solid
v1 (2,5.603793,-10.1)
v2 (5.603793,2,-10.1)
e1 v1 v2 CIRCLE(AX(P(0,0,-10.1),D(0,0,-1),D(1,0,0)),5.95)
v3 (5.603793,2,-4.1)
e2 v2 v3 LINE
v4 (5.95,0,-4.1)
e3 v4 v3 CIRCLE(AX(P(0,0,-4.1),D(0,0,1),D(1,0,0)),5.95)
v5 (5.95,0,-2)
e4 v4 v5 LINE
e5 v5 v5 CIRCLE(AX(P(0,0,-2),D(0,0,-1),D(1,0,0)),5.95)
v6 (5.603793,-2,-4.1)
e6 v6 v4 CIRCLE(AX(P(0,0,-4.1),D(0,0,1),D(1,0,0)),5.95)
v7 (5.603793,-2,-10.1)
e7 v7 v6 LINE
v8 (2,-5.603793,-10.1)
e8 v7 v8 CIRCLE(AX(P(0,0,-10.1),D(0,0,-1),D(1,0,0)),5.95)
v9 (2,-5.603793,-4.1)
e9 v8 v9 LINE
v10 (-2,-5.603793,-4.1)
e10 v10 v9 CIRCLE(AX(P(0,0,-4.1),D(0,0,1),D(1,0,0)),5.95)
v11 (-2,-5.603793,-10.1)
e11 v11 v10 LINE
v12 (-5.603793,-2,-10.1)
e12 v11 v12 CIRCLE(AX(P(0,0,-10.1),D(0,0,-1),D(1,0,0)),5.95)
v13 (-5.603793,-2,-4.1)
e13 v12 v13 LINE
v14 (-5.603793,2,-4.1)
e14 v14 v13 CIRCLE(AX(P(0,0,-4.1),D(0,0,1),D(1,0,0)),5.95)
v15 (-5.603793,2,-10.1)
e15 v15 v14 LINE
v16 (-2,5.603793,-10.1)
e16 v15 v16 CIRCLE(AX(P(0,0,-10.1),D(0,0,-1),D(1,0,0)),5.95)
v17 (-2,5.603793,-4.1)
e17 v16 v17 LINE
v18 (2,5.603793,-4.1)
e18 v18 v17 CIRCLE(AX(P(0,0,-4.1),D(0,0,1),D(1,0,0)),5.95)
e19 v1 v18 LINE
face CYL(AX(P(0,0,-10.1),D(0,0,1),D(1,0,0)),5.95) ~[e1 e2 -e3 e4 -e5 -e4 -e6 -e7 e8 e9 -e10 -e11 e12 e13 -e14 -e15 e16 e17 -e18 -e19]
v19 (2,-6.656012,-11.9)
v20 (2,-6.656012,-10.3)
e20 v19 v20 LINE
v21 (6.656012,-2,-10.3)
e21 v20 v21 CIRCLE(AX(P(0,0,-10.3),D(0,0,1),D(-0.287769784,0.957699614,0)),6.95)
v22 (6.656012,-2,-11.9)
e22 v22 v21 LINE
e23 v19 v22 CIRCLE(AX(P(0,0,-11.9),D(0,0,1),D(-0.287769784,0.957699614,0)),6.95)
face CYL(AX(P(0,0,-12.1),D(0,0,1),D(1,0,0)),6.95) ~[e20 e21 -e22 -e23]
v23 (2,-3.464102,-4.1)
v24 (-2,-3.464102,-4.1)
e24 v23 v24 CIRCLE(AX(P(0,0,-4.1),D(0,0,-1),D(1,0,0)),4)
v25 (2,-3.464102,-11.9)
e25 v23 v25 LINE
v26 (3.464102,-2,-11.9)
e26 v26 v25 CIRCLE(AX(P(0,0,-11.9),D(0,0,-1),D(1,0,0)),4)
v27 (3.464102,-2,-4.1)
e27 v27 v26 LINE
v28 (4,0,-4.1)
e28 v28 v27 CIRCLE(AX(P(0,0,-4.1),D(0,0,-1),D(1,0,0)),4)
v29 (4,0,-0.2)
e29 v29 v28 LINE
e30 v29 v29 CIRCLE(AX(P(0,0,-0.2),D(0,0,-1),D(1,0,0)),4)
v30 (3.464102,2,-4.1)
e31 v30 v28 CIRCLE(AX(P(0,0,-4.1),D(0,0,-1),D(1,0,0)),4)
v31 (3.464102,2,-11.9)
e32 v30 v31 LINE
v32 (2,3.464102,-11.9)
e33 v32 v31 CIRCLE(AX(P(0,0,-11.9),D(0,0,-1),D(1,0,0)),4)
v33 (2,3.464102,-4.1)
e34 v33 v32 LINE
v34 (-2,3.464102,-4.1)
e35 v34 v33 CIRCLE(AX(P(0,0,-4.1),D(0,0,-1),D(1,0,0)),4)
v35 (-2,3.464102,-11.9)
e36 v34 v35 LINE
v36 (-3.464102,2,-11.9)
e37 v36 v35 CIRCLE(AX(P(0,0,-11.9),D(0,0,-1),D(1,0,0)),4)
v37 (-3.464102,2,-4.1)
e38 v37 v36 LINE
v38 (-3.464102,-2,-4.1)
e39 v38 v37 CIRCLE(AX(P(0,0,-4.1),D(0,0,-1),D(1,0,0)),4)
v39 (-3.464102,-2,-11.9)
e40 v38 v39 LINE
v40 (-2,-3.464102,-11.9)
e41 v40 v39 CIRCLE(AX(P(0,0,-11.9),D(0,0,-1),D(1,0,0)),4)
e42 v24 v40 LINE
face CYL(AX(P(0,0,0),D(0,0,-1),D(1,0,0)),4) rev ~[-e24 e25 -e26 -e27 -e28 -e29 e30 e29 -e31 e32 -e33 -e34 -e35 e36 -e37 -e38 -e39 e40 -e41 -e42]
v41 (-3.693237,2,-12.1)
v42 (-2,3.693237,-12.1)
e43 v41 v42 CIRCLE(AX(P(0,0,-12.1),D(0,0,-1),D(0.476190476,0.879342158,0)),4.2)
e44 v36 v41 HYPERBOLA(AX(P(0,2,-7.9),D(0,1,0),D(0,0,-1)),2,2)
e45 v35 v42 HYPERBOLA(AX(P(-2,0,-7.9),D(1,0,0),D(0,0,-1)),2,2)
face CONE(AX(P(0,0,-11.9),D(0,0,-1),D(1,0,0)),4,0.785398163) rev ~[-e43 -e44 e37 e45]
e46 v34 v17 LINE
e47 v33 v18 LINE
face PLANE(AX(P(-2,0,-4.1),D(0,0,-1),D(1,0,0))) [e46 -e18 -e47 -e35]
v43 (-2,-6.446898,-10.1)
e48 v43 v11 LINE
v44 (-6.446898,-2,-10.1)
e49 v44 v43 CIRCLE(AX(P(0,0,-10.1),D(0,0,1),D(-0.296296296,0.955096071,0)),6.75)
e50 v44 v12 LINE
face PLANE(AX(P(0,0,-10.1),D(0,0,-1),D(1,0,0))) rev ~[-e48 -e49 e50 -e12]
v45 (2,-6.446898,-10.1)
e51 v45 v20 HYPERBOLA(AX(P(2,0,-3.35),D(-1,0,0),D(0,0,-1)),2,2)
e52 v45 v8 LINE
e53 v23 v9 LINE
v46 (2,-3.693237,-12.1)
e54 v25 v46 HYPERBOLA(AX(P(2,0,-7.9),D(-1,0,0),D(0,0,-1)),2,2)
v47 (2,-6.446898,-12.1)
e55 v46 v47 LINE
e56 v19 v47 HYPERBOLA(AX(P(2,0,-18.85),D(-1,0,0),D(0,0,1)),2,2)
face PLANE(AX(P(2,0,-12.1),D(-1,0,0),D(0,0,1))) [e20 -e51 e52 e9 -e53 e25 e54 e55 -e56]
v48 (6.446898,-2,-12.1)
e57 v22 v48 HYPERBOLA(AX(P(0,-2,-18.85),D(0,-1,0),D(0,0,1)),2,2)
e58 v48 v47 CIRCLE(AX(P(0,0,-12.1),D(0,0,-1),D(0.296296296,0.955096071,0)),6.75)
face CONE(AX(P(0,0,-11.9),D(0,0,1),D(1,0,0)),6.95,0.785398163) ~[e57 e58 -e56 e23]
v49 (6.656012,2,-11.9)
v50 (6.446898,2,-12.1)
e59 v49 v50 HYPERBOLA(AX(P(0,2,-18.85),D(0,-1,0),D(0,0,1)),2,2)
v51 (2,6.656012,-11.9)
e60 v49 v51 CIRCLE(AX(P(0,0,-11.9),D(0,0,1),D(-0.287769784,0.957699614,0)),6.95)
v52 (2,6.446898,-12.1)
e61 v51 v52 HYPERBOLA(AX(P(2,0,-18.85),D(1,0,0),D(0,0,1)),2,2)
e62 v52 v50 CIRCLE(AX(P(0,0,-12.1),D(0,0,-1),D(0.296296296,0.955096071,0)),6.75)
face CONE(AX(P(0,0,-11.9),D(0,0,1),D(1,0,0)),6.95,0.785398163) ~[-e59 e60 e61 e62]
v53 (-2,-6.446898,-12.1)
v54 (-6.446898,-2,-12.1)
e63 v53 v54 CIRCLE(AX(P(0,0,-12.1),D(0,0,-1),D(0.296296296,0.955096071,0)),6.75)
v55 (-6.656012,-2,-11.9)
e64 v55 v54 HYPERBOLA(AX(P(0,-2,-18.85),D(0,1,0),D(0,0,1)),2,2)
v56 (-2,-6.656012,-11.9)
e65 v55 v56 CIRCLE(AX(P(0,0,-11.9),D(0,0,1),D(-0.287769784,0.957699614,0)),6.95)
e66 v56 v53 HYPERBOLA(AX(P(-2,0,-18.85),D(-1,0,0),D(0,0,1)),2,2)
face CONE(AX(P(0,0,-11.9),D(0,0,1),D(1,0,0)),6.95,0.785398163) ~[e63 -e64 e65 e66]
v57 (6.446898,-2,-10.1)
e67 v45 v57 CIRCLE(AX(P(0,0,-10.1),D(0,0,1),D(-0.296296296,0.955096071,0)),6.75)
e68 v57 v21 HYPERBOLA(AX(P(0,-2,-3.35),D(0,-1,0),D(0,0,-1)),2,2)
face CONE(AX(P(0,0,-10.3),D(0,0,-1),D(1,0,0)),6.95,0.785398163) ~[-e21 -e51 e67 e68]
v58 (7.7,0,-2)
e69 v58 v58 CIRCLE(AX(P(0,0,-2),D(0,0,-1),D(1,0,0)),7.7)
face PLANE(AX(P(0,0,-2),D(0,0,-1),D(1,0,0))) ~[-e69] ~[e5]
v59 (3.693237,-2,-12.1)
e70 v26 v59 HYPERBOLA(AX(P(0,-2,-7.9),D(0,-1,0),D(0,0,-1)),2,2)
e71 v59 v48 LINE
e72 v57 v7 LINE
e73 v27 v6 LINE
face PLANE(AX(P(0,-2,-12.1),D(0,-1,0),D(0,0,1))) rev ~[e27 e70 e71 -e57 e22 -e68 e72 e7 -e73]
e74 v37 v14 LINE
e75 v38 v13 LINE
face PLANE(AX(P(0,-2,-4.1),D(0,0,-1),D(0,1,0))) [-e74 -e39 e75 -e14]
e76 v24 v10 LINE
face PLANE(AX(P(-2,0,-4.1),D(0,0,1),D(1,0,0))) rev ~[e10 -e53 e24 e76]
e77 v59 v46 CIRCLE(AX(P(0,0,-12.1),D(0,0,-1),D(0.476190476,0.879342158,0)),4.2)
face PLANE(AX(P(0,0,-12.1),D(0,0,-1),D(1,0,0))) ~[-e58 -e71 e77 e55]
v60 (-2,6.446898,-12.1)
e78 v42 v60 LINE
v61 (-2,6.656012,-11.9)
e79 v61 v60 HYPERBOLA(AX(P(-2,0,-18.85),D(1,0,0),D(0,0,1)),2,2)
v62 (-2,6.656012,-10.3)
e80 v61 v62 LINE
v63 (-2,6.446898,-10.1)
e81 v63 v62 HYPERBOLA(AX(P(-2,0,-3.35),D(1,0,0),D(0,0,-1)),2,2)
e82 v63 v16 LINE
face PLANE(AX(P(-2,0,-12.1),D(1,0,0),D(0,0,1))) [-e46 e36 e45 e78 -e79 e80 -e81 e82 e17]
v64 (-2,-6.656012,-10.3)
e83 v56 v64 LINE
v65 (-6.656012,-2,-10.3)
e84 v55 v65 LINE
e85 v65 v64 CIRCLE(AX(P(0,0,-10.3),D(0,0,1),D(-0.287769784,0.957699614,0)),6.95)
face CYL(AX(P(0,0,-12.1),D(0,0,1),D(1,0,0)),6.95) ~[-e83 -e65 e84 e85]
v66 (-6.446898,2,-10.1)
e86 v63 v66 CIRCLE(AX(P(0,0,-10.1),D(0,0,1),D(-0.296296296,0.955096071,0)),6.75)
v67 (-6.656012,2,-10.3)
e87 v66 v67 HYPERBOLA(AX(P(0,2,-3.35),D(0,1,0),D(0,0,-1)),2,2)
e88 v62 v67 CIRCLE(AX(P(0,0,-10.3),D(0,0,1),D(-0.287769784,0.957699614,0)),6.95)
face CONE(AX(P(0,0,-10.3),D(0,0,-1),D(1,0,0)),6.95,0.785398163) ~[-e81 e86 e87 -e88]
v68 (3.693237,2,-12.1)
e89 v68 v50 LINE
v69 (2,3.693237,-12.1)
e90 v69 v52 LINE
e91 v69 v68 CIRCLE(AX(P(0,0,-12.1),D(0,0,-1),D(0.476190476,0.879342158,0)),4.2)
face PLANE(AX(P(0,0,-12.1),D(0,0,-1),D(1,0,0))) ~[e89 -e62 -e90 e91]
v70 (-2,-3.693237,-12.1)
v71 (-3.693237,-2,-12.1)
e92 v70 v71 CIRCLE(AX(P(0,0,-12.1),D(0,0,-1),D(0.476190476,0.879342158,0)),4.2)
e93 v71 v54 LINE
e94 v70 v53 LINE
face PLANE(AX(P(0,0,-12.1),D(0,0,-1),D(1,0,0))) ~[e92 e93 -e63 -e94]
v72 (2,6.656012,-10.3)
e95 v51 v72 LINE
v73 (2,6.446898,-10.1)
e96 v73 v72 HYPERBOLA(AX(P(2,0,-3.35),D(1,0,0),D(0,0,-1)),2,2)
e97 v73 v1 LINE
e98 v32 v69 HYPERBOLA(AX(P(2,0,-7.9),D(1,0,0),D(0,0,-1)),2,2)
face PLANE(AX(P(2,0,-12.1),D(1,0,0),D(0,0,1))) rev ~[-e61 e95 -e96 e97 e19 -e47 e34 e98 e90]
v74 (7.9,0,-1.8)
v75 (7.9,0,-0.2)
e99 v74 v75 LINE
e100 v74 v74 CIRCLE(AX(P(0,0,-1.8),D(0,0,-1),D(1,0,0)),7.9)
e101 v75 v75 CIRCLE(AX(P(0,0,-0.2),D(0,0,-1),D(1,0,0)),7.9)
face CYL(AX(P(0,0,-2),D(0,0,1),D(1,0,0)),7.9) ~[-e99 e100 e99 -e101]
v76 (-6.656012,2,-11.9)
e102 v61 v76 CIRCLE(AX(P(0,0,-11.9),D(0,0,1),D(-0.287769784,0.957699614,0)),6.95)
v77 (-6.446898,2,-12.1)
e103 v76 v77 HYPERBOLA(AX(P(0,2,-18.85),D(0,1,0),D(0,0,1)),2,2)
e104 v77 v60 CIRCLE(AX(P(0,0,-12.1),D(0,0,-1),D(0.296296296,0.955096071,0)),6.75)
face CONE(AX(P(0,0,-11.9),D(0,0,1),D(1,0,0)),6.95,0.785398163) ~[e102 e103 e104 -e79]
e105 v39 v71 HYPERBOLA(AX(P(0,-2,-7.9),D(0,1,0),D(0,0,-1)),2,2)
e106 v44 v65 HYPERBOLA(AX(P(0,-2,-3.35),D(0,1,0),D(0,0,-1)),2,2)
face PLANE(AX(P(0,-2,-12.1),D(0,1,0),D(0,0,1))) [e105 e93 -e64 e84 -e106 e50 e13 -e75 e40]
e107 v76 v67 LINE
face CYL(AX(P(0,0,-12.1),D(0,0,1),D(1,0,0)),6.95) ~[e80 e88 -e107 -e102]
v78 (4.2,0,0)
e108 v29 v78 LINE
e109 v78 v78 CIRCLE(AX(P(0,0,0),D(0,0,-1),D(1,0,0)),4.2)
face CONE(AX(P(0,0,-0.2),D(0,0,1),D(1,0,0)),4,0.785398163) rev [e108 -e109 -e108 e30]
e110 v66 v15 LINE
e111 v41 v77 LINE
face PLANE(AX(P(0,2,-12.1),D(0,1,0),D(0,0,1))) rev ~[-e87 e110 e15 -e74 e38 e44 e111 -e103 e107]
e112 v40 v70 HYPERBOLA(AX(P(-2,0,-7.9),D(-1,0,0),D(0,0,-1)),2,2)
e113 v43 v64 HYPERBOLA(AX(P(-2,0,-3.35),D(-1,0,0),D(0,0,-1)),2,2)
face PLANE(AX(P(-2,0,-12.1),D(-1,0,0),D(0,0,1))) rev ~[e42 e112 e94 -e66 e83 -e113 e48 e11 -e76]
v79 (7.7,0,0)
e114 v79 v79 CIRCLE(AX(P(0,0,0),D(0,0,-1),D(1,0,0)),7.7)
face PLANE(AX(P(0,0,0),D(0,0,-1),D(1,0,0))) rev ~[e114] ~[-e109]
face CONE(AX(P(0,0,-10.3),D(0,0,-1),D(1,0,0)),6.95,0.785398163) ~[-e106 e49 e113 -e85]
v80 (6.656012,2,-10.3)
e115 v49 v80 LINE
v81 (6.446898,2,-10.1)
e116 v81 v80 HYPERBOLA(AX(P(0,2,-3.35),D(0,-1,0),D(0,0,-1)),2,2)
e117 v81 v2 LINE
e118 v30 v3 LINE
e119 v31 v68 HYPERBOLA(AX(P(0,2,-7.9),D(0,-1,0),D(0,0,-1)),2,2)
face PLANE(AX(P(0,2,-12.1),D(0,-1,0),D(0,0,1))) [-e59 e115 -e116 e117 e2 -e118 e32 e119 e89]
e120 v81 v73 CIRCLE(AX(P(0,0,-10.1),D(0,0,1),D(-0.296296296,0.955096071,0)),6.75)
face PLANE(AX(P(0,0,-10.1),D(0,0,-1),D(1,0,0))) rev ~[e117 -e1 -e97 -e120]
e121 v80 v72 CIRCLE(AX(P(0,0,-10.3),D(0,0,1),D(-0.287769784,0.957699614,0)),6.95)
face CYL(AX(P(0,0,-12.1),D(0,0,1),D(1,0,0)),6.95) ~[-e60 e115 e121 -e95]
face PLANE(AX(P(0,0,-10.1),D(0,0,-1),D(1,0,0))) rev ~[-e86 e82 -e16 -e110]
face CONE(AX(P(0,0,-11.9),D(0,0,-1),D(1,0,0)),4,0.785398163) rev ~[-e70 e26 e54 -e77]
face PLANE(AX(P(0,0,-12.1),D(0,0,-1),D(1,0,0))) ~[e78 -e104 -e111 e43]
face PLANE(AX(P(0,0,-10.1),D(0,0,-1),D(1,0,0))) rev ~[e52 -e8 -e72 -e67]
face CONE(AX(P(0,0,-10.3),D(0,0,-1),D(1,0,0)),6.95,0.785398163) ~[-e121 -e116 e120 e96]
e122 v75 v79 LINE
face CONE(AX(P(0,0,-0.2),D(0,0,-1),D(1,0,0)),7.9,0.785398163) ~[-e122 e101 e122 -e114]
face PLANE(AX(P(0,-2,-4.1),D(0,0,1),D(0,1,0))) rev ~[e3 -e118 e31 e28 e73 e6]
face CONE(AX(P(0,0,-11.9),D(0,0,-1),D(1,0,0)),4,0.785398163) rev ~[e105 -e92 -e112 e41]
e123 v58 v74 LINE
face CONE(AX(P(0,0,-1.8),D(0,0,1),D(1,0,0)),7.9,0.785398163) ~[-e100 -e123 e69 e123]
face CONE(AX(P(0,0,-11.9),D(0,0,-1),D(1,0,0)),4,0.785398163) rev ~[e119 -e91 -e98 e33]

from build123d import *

# Parameters (mm, degrees)
F2_SIZE       = 0.2
F3_W          = 4
F3_H          = 8
F4_DEPTH      = 7.901
F4_DEPTH_BACK = 7.901
F5_W          = 4
F5_H          = 8
F6_DEPTH      = 7.901
F6_DEPTH_BACK = 7.901


with BuildPart() as f1:
    # F0 (on Front) → F1 (revolve)
    with BuildSketch(Plane.XZ):
        Polygon((4, 0), (4, -12.1), (6.95, -12.1), (6.95, -10.1), (5.95, -10.1), (5.95, -2), (7.9, -2), (7.9, 0), align=None)
    revolve(axis=Axis((0, 0, -6.05), (0, 0, -1)))

    # F2
    f2_edges = [f1.edges().sort_by_distance(p)[0] for p in [
        (-4, 0, 0),
        (-4, 0, -12.1),
        (4, 0, -6.05),
        (-7.9, 0, -2),
        (-7.9, 0, 0),
        (7.9, 0, -1),
        (-6.95, 0, -12.1),
        (-6.95, 0, -10.1),
        (6.95, 0, -11.1),
    ]]
    chamfer(f2_edges, length=F2_SIZE)

    # F3 (on Front) → F4 (cut, two sides)
    with BuildSketch(Plane.XZ) as f4_sk:
        with Locations((0, -8.1)):
            Rectangle(F3_W, F3_H)
    extrude(amount=-F4_DEPTH, mode=Mode.SUBTRACT)
    extrude(f4_sk.sketch, amount=F4_DEPTH_BACK, mode=Mode.SUBTRACT)

    # F5 (on Right) → F6 (cut, two sides)
    with BuildSketch(Plane.YZ) as f6_sk:
        with Locations((0, -8.1)):
            Rectangle(F5_W, F5_H)
    extrude(amount=F6_DEPTH, mode=Mode.SUBTRACT)
    extrude(f6_sk.sketch, amount=-F6_DEPTH_BACK, mode=Mode.SUBTRACT)


solid = f1.part
